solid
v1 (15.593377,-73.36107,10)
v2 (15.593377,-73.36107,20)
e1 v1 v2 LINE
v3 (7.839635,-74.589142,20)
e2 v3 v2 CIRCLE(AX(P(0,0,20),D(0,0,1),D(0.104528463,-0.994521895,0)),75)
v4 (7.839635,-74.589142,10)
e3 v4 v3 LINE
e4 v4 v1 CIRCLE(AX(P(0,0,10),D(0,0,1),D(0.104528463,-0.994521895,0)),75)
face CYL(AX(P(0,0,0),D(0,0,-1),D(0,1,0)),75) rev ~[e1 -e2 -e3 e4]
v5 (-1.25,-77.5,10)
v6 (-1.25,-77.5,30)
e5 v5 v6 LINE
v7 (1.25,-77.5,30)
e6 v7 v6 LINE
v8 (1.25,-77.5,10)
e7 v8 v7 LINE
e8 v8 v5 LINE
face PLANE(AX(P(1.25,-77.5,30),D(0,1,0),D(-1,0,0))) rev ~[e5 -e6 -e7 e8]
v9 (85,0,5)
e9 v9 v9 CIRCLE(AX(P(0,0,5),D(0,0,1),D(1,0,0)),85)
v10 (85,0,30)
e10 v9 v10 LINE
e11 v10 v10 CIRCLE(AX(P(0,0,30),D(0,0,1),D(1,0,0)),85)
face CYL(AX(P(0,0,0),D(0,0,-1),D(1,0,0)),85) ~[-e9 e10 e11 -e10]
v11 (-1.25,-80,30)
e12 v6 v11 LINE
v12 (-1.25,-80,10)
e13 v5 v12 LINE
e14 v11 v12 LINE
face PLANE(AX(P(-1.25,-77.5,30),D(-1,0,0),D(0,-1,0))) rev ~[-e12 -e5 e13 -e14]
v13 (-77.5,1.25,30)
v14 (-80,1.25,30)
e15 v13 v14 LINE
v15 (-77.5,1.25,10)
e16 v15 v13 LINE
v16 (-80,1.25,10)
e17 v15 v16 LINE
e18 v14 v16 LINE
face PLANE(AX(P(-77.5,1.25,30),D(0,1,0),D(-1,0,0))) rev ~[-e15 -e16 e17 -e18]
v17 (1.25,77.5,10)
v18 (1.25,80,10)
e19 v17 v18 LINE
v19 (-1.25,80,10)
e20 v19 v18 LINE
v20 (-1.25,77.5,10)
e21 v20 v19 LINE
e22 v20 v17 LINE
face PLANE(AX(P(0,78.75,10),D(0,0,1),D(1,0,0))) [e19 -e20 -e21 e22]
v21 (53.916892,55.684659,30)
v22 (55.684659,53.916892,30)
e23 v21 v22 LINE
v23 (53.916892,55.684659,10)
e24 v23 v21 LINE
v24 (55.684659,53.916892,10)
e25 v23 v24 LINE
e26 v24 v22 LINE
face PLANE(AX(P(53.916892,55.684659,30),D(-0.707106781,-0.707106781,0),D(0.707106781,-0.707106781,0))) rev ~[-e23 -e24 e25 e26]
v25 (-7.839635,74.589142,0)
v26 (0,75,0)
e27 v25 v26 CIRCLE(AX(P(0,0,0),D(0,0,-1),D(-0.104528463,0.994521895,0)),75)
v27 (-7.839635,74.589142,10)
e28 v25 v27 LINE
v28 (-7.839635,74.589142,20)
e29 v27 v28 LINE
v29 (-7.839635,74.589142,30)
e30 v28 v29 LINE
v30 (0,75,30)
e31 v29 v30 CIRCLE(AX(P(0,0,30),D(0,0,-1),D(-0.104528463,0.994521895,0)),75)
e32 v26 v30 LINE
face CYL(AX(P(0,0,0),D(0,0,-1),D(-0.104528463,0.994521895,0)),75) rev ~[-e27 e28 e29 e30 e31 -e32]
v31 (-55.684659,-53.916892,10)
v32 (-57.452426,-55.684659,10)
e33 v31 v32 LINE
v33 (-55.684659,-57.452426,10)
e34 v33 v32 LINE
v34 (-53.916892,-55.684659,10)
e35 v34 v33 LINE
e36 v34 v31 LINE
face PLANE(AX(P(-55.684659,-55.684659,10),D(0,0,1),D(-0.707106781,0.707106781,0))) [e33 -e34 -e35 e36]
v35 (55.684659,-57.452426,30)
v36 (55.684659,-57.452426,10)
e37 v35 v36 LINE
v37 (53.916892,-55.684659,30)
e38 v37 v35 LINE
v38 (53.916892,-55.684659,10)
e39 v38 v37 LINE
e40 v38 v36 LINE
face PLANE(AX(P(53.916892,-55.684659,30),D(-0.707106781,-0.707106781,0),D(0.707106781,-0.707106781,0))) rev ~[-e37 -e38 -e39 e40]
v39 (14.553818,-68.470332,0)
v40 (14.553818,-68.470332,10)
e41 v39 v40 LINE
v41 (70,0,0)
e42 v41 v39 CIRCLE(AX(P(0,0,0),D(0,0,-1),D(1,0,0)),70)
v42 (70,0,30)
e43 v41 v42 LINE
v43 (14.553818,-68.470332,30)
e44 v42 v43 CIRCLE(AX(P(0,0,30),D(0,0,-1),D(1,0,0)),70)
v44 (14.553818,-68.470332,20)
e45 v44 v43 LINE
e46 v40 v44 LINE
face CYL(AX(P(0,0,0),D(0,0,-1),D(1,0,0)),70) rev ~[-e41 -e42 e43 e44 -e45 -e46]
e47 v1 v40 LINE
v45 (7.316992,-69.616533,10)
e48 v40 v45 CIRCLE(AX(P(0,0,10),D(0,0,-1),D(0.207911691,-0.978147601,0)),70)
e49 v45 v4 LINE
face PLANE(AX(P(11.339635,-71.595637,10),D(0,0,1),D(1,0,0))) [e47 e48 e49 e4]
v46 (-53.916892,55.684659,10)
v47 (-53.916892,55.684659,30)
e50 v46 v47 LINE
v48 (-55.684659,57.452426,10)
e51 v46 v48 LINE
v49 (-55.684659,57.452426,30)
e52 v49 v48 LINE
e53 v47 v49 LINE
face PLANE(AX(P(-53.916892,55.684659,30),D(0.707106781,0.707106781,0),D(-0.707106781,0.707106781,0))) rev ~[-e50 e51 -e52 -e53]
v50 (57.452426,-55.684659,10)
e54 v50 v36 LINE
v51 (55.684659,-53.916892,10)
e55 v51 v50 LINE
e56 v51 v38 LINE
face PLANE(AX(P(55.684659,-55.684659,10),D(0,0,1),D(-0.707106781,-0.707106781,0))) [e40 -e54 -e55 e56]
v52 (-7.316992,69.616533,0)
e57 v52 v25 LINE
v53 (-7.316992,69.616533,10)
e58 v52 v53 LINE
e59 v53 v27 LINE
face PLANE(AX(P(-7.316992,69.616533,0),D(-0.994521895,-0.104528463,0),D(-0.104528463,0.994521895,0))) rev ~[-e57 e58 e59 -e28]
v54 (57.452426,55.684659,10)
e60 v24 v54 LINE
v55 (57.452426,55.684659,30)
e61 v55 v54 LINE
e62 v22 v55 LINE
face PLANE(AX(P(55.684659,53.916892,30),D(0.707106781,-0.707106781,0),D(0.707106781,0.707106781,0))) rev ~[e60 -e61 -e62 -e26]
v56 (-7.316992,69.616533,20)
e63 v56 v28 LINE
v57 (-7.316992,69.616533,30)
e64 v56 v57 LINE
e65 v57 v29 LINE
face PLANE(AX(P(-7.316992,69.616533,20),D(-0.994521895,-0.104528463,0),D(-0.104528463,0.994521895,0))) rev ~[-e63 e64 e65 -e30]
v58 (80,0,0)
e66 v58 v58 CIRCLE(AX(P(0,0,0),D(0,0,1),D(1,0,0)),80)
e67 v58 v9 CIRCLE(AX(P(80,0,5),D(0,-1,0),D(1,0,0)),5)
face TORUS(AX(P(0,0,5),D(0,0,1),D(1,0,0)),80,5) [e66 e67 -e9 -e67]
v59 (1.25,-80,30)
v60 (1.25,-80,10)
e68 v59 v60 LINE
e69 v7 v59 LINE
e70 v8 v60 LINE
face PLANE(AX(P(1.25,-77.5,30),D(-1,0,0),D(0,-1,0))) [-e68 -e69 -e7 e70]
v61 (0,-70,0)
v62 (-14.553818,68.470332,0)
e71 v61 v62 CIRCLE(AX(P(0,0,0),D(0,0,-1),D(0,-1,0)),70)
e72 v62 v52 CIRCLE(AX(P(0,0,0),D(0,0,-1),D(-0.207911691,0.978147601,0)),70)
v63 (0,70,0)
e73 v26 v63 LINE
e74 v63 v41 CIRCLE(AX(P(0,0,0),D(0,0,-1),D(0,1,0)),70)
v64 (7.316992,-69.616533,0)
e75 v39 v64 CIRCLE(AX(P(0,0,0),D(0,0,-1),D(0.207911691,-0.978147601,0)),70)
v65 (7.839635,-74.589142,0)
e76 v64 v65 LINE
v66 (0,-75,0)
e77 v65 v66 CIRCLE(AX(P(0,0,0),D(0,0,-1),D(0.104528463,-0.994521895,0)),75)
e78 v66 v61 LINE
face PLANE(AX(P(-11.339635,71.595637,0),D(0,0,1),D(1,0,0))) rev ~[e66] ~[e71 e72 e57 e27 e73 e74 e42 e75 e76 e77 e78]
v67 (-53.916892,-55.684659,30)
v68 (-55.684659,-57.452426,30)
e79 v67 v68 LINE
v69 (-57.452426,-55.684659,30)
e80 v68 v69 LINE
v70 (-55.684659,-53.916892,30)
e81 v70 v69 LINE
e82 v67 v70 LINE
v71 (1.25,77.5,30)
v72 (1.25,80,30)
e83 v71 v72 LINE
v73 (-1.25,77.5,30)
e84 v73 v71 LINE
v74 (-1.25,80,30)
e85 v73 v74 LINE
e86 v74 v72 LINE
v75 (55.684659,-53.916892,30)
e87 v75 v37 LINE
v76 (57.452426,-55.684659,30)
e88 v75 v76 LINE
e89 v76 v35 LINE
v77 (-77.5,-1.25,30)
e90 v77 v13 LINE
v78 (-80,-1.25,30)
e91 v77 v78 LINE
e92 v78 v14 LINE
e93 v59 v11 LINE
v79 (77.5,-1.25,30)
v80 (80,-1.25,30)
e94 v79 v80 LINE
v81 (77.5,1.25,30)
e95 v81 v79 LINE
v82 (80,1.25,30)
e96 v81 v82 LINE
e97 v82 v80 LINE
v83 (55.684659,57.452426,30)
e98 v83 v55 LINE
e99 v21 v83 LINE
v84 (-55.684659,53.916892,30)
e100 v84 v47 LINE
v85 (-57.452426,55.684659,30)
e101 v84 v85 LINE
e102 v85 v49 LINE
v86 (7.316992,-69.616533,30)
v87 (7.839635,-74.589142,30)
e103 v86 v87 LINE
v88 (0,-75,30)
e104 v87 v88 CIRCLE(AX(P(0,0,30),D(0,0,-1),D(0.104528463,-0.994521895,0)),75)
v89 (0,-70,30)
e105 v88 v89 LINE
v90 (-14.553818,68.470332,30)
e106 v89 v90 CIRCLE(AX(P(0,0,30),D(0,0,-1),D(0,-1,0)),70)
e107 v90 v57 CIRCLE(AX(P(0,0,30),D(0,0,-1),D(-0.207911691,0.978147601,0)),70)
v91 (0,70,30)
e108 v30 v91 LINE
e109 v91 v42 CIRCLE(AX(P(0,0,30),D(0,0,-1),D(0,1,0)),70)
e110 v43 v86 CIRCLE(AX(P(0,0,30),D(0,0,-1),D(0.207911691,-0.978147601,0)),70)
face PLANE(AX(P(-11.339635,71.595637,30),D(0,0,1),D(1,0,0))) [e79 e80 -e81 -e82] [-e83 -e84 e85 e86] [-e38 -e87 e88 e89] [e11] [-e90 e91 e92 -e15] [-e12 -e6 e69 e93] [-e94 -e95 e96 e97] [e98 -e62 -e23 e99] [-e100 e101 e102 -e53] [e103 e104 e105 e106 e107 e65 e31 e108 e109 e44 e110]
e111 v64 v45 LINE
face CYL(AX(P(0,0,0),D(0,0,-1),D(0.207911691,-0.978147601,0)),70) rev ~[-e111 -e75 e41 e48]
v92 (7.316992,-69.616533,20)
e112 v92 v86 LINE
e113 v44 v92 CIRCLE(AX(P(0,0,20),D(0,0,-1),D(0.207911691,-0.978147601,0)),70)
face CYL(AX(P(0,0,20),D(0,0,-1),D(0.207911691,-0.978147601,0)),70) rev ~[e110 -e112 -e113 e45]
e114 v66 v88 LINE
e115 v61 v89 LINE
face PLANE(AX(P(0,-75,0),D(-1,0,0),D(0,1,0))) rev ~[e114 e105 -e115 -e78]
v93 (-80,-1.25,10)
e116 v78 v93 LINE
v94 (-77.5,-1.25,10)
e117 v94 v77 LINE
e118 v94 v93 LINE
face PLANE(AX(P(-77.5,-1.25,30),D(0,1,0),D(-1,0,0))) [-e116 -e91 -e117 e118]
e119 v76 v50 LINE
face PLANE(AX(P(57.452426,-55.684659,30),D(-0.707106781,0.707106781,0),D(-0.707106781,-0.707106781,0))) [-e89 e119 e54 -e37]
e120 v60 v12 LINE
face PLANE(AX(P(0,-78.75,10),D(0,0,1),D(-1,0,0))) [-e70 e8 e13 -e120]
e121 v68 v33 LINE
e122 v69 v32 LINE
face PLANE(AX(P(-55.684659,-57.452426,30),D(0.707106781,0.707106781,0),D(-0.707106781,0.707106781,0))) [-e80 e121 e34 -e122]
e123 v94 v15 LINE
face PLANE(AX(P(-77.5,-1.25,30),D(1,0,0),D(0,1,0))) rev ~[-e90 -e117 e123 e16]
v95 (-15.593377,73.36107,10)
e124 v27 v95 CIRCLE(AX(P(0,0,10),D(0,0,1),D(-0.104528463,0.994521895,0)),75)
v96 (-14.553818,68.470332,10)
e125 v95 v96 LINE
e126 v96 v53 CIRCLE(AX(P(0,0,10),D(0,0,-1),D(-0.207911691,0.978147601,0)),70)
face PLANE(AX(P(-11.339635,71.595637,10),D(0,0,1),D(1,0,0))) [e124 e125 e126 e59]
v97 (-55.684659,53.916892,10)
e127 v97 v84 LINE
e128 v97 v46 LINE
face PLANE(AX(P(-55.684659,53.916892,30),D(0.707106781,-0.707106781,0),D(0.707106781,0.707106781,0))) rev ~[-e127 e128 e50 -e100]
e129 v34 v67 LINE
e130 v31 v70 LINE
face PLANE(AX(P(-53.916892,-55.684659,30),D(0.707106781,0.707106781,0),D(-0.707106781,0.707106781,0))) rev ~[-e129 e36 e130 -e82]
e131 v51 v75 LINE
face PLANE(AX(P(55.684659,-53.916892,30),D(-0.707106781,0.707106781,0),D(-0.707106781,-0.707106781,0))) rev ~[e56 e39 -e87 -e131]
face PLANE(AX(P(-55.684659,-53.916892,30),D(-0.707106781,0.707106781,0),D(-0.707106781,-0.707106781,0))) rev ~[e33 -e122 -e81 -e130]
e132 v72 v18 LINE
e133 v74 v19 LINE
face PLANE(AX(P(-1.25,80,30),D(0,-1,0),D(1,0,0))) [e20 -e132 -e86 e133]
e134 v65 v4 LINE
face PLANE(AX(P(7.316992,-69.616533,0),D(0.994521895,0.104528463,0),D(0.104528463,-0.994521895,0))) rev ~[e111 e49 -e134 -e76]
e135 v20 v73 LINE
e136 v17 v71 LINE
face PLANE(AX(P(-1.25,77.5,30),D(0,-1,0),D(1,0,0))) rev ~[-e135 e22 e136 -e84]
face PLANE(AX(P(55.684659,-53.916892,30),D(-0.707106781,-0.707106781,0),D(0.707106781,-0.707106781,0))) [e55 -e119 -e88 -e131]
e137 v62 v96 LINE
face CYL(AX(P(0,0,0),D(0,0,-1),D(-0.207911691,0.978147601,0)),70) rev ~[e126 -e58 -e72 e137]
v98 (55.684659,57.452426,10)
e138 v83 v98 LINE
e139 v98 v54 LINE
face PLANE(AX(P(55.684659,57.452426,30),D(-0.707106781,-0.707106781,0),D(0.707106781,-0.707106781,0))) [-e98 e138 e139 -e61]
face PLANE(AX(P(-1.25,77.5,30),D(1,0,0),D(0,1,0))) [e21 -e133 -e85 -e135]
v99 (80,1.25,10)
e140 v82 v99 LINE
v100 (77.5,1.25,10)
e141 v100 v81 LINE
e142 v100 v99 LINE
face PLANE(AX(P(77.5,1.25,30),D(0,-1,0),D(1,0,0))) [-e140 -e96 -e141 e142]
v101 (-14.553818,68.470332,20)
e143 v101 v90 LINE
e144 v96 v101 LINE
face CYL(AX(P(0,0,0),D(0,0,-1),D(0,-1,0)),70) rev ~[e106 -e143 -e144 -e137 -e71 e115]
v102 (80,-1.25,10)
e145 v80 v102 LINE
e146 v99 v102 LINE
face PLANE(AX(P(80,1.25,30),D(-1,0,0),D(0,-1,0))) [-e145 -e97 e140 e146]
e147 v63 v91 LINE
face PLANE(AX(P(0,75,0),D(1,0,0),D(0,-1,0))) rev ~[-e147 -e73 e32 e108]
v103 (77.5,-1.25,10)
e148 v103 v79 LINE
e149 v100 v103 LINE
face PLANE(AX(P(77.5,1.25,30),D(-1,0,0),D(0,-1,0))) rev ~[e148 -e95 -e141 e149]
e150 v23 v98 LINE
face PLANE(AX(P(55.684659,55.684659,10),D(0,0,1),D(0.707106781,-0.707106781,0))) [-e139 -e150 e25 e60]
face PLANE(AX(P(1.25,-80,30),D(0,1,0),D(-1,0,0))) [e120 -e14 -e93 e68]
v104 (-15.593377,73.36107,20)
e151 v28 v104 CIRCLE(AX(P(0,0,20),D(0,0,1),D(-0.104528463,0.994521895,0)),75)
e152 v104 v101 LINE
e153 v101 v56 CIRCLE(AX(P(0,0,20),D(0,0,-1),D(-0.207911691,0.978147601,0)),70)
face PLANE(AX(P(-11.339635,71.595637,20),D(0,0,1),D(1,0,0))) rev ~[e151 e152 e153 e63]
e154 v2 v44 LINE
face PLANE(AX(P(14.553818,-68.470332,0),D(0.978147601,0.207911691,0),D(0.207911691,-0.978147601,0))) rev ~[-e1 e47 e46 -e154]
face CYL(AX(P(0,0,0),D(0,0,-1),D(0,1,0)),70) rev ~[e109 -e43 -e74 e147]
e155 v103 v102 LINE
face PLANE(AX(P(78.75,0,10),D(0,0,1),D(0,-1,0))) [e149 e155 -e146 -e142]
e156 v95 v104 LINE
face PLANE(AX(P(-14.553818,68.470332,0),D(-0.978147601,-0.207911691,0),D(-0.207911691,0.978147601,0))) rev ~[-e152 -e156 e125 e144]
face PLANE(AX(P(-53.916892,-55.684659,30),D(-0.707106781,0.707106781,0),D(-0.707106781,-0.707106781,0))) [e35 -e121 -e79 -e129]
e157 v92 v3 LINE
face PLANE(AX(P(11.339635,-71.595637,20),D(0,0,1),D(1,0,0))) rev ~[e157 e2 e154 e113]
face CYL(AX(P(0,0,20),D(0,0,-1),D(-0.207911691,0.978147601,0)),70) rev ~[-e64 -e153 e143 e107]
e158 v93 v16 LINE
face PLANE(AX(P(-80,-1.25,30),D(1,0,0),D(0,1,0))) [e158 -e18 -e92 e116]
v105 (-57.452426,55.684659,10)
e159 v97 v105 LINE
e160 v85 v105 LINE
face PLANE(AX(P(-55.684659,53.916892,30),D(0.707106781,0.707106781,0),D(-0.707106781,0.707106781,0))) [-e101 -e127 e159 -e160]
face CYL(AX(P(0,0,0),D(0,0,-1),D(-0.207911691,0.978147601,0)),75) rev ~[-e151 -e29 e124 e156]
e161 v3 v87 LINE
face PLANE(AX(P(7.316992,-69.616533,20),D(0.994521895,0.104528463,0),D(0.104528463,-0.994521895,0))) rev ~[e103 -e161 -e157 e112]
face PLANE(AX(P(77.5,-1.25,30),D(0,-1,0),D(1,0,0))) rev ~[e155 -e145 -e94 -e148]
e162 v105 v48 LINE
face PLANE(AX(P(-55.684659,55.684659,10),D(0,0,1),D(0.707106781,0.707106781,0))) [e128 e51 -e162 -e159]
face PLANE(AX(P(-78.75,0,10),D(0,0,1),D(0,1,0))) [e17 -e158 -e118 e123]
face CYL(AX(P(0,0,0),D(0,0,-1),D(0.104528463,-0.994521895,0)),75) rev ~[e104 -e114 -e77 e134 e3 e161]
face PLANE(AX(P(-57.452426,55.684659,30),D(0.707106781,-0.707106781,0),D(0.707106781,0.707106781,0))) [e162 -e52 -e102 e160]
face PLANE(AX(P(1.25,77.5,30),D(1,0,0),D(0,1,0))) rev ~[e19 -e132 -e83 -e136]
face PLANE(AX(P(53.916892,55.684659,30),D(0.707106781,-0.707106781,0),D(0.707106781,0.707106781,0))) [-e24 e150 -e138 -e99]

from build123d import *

# Parameters (mm, degrees)
F0_R     = 85
F1_DEPTH = 30
F2_DEPTH = 10
F5_DEPTH = 10
F6_W     = 2.5
F6_H     = 2.5
F7_DEPTH = 20
F9_COUNT = 8
F11_R    = 5


with BuildPart() as f1:
    # F0 (on Top) → F1 (new body)
    with BuildSketch(Plane.XY):
        Circle(F0_R)
        with BuildLine():
            ThreePointArc((-7.8396347451, 74.5891421526), (-3.9251967182, 74.8972151066), (0, 75))
            ThreePointArc((0, 75), (53.033008589, 53.033008589), (75, 0))
            ThreePointArc((75, 0), (58.2859471093, -47.1990293287), (15.5933768113, -73.361070055))
            ThreePointArc((15.5933768113, -73.361070055), (11.732584878, -74.0766255446), (7.8396347451, -74.5891421526))
            ThreePointArc((7.8396347451, -74.5891421526), (3.9251967182, -74.8972151066), (0, -75))
            ThreePointArc((0, -75), (-74.5891421526, -7.8396347451), (-15.5933768113, 73.361070055))
            ThreePointArc((-15.5933768113, 73.361070055), (-11.732584878, 74.0766255446), (-7.8396347451, 74.5891421526))
        make_face(mode=Mode.SUBTRACT)
        with BuildLine():
            ThreePointArc((0, -70), (-69.6165326758, -7.3169924287), (-14.5538183572, 68.4703320514))
            Line((-14.5538183572, 68.4703320514), (-15.5933768113, 73.361070055))
            ThreePointArc((-15.5933768113, 73.361070055), (-74.5891421526, -7.8396347451), (0, -75))
            Line((0, -75), (0, -70))
        make_face()
        with BuildLine():
            ThreePointArc((0, 70), (49.4974746831, 49.4974746831), (70, 0))
            ThreePointArc((70, 0), (54.400217302, -44.0524273735), (14.5538183572, -68.4703320514))
            Line((14.5538183572, -68.4703320514), (15.5933768113, -73.361070055))
            ThreePointArc((15.5933768113, -73.361070055), (58.2859471093, -47.1990293287), (75, 0))
            ThreePointArc((75, 0), (53.033008589, 53.033008589), (0, 75))
            Line((0, 75), (0, 70))
        make_face()
    extrude(amount=F1_DEPTH)

    # F0 (on Top) → F2 (join)
    with BuildSketch(Plane.XY):
        with BuildLine():
            ThreePointArc((-14.5538183572, 68.4703320514), (-10.9504125528, 69.1381838417), (-7.3169924287, 69.6165326758))
            Line((-7.3169924287, 69.6165326758), (-7.8396347451, 74.5891421526))
            ThreePointArc((-7.8396347451, 74.5891421526), (-11.732584878, 74.0766255446), (-15.5933768113, 73.361070055))
            Line((-15.5933768113, 73.361070055), (-14.5538183572, 68.4703320514))
        make_face()
        with BuildLine():
            Line((15.5933768113, -73.361070055), (14.5538183572, -68.4703320514))
            ThreePointArc((14.5538183572, -68.4703320514), (10.9504125528, -69.1381838417), (7.3169924287, -69.6165326758))
            Line((7.3169924287, -69.6165326758), (7.8396347451, -74.5891421526))
            ThreePointArc((7.8396347451, -74.5891421526), (11.732584878, -74.0766255446), (15.5933768113, -73.361070055))
        make_face()
    extrude(amount=F2_DEPTH)

    # F4 (on offset) → F5 (join)
    with BuildSketch(Plane.XY.offset(20)):
        with BuildLine():
            Line((-7.3169924287, 69.6165326758), (-7.8396347451, 74.5891421526))
            ThreePointArc((-7.8396347451, 74.5891421526), (-11.732584878, 74.0766255446), (-15.5933768113, 73.361070055))
            Line((-15.5933768113, 73.361070055), (-14.5538183572, 68.4703320514))
            ThreePointArc((-14.5538183572, 68.4703320514), (-10.9504125528, 69.1381838417), (-7.3169924287, 69.6165326758))
        make_face()
        with BuildLine():
            ThreePointArc((7.8396347451, -74.5891421526), (11.732584878, -74.0766255446), (15.5933768113, -73.361070055))
            Line((15.5933768113, -73.361070055), (14.5538183572, -68.4703320514))
            ThreePointArc((14.5538183572, -68.4703320514), (10.9504125528, -69.1381838417), (7.3169924287, -69.6165326758))
            Line((7.3169924287, -69.6165326758), (7.8396347451, -74.5891421526))
        make_face()
    extrude(amount=F5_DEPTH)


with BuildPart() as f7:
    # F6 (on face) → F7 (new body, symmetric)
    with BuildSketch(Plane.XY.offset(30)):
        with Locations((0, 78.75)):
            Rectangle(F6_W, F6_H)
    extrude(amount=F7_DEPTH, both=True)


with BuildPart() as f9_1:
    # F9: instance of F7
    add(f7.part.rotate(Axis((0, 0, 11.2639116123), (0, 0, 1)), 1 * 360 / F9_COUNT))


with BuildPart() as f9_2:
    # F9: instance of F7
    add(f7.part.rotate(Axis((0, 0, 11.2639116123), (0, 0, 1)), 2 * 360 / F9_COUNT))


with BuildPart() as f9_3:
    # F9: instance of F7
    add(f7.part.rotate(Axis((0, 0, 11.2639116123), (0, 0, 1)), 3 * 360 / F9_COUNT))


with BuildPart() as f9_4:
    # F9: instance of F7
    add(f7.part.rotate(Axis((0, 0, 11.2639116123), (0, 0, 1)), 4 * 360 / F9_COUNT))


with BuildPart() as f9_5:
    # F9: instance of F7
    add(f7.part.rotate(Axis((0, 0, 11.2639116123), (0, 0, 1)), 5 * 360 / F9_COUNT))


with BuildPart() as f9_6:
    # F9: instance of F7
    add(f7.part.rotate(Axis((0, 0, 11.2639116123), (0, 0, 1)), 6 * 360 / F9_COUNT))


with BuildPart() as f9_7:
    # F9: instance of F7
    add(f7.part.rotate(Axis((0, 0, 11.2639116123), (0, 0, 1)), 7 * 360 / F9_COUNT))


with BuildPart() as f1_1:
    add(f1.part)

    # F10: cut F9_2, F9_1, F7, F9_7, F9_6, F9_5, F9_4, F9_3
    add(f9_2.part, mode=Mode.SUBTRACT)
    add(f9_1.part, mode=Mode.SUBTRACT)
    add(f7.part, mode=Mode.SUBTRACT)
    add(f9_7.part, mode=Mode.SUBTRACT)
    add(f9_6.part, mode=Mode.SUBTRACT)
    add(f9_5.part, mode=Mode.SUBTRACT)
    add(f9_4.part, mode=Mode.SUBTRACT)
    add(f9_3.part, mode=Mode.SUBTRACT)

    # F11
    f11_edges = [f1_1.edges().sort_by_distance(p)[0] for p in [
        (-85, 0, 0),
    ]]
    fillet(f11_edges, radius=F11_R)


solid = f1_1.part
